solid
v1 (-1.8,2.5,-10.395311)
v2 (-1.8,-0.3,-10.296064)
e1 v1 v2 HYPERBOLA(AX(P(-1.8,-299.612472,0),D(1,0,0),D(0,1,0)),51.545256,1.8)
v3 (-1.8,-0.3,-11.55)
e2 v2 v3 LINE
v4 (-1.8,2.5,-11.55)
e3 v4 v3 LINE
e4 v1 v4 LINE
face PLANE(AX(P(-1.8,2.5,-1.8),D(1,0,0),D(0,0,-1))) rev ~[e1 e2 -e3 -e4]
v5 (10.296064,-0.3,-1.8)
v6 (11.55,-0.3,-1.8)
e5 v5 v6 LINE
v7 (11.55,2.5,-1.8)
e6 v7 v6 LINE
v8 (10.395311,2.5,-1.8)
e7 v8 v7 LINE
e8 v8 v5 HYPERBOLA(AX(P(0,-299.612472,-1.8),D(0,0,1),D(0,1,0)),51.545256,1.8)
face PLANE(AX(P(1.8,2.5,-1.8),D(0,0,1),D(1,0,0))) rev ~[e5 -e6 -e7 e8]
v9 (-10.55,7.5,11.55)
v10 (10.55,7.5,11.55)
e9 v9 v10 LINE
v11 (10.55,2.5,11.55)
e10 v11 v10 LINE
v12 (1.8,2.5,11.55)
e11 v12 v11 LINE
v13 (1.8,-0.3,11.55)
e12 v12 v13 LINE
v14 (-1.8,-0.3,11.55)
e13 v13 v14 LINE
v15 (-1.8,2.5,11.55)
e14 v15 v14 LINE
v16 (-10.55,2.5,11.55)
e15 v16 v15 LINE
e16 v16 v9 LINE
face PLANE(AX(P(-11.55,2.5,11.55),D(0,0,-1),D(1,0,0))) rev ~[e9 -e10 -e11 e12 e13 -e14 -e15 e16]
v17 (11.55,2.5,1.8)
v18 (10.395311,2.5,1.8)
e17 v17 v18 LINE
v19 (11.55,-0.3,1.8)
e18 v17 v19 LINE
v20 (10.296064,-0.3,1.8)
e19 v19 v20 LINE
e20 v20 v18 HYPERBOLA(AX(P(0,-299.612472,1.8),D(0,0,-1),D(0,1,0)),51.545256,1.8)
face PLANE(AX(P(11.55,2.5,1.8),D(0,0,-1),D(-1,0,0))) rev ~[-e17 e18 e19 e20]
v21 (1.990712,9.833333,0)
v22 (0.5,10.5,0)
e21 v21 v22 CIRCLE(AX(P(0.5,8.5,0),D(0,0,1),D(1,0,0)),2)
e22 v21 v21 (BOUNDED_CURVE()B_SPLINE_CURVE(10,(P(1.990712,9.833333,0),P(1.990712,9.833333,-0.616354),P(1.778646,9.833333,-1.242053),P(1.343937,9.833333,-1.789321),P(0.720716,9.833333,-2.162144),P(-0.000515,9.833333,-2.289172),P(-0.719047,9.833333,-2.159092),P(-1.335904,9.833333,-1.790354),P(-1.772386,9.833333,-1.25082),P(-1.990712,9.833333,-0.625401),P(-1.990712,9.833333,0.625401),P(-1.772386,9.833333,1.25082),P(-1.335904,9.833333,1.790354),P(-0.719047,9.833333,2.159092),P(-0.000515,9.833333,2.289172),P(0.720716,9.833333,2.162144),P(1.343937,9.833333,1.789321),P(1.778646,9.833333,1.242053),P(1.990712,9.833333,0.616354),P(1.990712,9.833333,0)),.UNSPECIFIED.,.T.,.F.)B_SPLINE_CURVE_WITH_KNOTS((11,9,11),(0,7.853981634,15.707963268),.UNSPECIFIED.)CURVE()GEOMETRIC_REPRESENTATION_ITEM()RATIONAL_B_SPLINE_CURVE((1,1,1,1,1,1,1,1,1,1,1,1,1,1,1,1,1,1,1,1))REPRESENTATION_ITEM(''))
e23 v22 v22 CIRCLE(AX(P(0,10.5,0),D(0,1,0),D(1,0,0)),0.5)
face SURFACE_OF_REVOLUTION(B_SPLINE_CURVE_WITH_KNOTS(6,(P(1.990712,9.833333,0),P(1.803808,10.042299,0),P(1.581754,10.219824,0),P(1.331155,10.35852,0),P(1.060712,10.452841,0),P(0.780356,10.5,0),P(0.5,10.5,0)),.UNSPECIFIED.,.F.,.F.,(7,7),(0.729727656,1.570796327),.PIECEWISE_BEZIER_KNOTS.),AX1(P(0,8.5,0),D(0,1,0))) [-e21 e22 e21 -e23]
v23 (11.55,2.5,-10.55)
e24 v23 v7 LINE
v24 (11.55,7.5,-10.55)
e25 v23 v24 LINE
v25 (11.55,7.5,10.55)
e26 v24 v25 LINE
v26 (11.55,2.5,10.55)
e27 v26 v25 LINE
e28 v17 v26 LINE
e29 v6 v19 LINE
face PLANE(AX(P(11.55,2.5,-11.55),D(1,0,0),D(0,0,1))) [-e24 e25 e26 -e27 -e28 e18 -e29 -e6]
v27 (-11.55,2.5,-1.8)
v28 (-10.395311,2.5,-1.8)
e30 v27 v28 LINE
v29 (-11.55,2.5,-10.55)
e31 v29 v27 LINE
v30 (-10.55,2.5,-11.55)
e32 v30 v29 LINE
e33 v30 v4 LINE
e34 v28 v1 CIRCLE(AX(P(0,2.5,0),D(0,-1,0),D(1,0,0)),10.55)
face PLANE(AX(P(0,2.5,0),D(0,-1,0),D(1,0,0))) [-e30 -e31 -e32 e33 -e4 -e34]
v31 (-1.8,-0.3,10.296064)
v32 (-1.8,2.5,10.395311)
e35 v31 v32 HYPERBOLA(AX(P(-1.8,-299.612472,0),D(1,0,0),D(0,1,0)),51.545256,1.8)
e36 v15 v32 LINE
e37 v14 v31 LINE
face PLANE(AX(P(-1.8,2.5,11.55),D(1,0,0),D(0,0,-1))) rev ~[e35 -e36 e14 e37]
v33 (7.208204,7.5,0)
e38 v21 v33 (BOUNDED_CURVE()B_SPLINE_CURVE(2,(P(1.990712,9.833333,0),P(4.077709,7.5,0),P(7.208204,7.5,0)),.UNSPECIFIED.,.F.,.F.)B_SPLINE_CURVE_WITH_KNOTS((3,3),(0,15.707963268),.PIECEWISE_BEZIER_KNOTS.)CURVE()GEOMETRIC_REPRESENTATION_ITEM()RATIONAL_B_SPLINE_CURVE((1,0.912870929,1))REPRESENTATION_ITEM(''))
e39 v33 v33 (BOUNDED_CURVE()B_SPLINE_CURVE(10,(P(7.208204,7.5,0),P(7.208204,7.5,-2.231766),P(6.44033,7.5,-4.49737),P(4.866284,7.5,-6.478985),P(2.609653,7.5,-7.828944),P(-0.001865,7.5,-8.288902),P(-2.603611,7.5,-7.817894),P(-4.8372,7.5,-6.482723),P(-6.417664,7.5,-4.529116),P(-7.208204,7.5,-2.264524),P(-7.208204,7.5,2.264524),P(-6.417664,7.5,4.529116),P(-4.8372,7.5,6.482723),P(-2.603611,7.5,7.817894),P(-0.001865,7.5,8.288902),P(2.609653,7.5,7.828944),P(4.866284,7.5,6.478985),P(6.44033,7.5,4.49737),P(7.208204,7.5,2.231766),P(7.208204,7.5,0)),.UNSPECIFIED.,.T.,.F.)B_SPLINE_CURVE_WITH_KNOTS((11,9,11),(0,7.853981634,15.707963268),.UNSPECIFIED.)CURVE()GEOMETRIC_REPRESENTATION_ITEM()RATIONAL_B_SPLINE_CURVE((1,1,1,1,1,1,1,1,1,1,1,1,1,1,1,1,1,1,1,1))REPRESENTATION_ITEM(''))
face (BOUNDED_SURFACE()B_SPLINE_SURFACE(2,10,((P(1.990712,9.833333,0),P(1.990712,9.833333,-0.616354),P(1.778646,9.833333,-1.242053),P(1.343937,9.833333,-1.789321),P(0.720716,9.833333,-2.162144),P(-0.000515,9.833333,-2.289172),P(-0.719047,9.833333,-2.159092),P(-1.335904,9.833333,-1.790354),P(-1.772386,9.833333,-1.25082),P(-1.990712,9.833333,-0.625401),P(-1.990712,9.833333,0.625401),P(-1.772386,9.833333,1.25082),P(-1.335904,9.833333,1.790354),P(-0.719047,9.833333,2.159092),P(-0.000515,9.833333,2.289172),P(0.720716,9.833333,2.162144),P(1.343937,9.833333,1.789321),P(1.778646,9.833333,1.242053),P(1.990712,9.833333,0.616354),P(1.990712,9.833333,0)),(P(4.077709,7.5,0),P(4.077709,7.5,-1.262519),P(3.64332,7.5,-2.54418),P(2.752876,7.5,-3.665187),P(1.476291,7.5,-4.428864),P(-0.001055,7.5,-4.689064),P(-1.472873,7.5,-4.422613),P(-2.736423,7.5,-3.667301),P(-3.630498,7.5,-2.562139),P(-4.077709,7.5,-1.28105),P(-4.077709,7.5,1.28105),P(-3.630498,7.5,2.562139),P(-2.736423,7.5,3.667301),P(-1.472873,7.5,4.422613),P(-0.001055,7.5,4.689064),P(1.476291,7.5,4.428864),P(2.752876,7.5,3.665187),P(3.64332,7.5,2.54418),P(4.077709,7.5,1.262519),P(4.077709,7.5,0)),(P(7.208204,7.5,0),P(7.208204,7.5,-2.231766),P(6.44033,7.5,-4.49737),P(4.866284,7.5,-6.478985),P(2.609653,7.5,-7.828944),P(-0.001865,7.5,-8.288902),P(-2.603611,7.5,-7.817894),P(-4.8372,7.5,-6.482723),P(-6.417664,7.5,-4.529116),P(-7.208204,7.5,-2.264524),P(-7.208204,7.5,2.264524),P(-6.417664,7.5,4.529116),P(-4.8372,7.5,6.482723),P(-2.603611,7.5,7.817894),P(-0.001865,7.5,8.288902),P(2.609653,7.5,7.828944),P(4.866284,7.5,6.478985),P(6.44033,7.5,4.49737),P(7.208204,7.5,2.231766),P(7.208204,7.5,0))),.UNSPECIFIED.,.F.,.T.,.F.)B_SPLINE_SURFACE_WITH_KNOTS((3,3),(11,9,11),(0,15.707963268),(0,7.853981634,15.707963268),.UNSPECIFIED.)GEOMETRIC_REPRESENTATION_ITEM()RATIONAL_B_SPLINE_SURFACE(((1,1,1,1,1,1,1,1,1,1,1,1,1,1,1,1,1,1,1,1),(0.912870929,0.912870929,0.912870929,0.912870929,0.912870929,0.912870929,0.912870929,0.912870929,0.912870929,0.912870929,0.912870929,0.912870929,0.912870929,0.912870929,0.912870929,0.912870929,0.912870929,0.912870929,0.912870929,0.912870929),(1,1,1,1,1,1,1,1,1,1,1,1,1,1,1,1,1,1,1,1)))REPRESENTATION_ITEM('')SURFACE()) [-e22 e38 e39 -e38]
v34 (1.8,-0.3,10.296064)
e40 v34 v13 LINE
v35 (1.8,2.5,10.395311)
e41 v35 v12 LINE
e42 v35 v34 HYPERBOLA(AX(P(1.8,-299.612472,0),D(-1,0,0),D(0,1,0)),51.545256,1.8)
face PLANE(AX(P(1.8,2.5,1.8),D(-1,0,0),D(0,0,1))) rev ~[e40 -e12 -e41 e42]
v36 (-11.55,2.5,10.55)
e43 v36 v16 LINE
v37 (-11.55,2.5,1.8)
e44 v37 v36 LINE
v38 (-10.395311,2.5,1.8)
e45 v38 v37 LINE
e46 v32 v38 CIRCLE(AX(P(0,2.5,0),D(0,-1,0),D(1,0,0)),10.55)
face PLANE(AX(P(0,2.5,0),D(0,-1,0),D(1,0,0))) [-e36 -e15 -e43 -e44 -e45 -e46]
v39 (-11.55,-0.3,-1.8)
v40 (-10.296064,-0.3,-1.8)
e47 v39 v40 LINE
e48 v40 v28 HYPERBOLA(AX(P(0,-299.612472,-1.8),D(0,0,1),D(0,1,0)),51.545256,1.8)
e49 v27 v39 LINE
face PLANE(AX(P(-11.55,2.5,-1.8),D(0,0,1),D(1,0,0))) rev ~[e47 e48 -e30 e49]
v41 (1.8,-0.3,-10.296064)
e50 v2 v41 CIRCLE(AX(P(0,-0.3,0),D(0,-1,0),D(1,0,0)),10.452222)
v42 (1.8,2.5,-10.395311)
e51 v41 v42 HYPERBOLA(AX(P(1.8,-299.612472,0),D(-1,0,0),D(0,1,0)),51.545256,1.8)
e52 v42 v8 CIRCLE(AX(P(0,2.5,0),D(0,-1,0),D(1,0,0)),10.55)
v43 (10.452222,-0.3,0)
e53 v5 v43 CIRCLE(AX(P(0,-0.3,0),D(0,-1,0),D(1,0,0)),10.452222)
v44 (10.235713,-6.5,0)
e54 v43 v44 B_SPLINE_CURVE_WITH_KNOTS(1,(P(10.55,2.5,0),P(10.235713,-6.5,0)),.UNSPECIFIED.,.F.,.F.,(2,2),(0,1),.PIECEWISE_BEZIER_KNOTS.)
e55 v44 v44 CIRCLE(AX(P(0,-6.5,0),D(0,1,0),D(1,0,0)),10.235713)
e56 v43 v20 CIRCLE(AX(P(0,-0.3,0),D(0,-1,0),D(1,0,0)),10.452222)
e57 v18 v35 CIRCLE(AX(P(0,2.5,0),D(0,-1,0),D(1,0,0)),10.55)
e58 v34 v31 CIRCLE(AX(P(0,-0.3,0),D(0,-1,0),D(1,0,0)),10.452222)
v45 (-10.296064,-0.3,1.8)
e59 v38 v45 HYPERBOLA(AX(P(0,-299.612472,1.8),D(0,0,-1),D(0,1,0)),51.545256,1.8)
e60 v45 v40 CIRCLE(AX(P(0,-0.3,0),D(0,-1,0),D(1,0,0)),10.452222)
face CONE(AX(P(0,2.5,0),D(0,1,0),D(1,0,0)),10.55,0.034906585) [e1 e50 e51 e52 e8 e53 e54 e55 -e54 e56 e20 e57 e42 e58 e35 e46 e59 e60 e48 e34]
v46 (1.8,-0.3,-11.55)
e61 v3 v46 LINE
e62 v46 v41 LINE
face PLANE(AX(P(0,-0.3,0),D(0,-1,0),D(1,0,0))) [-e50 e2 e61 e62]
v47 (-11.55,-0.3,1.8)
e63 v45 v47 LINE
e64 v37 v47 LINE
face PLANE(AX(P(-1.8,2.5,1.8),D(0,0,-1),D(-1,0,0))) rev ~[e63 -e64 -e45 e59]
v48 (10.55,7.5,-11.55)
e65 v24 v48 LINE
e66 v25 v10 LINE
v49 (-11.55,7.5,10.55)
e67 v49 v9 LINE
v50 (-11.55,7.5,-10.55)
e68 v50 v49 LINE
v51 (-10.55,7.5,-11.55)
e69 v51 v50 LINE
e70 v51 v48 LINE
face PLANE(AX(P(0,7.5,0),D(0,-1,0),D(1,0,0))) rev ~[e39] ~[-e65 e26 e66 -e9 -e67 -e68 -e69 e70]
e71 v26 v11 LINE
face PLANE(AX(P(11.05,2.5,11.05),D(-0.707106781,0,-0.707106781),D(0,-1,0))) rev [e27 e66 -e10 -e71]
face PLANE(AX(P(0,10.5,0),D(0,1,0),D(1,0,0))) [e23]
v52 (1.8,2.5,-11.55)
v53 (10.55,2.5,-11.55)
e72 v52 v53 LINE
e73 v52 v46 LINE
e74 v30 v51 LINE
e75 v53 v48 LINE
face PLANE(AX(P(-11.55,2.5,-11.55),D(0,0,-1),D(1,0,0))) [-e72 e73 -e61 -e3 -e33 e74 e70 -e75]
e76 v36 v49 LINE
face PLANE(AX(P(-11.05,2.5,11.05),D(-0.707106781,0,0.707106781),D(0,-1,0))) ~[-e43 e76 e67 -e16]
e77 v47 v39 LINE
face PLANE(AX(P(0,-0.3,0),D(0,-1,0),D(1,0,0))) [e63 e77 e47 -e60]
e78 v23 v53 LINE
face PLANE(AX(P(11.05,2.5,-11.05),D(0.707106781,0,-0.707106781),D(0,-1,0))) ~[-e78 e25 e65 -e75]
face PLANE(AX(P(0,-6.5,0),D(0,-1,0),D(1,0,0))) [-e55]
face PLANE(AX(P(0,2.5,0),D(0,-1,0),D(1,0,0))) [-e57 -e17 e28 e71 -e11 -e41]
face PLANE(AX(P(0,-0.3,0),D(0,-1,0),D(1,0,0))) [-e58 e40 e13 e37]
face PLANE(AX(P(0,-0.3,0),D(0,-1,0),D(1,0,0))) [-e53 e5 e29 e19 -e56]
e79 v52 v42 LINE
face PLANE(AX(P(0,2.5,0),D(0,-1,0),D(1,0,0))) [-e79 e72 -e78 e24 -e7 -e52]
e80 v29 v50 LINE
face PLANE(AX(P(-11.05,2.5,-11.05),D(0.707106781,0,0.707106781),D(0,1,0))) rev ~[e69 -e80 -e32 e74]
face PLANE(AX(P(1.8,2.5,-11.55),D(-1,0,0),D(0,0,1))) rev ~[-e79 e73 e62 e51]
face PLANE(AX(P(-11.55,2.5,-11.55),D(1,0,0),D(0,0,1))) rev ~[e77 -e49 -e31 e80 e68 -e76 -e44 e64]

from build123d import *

# Parameters (mm, degrees)
PAD011_DEPTH    = 2.8
SKETCH021_W     = 23.1
SKETCH021_H     = 23.1
PAD012_DEPTH    = 5
SKETCH023_R     = 2.5
PAD013_DEPTH    = 3
FILLET_R        = 2
FILLET001_R     = 7
SKETCH025_R     = 10.55
PAD014_DEPTH    = 9
PAD014_TAPER    = 2
CHAMFER006_SIZE = 1


with BuildPart() as part:
    # Sketch020 → Pad011 (new body)
    with BuildSketch(Plane.XZ):
        Polygon((-1.8, 11.55), (-1.8, 1.8), (-11.55, 1.8), (-11.55, -1.8), (-1.8, -1.8), (-1.8, -11.55), (1.8, -11.55), (1.8, -1.8), (11.55, -1.8), (11.55, 1.8), (1.8, 1.8), (1.8, 11.55), align=None)
    extrude(amount=PAD011_DEPTH)

    # Sketch021 → Pad012 (join)
    with BuildSketch(Plane.XZ):
        Rectangle(SKETCH021_W, SKETCH021_H)
    extrude(amount=-PAD012_DEPTH)

    # Sketch023 (on Face7 of Pad012) → Pad013 (join)
    with BuildSketch(Plane(origin=(0, 5, 0), x_dir=(1, 0, 0), z_dir=(0, 1, 0))):
        Circle(SKETCH023_R)
    extrude(amount=PAD013_DEPTH)

    # Fillet
    fillet_edges = [part.edges().sort_by_distance(p)[0] for p in [
        (-2.5, 8, 0),
    ]]
    fillet(fillet_edges, radius=FILLET_R)

    # Fillet001
    fillet001_edges = [part.edges().sort_by_distance(p)[0] for p in [
        (-2.5, 5, 0),
    ]]
    fillet(fillet001_edges, radius=FILLET001_R)

    # Sketch025 → Pad014 (join)
    with BuildSketch(Plane.XZ):
        Circle(SKETCH025_R)
    extrude(amount=PAD014_DEPTH, taper=PAD014_TAPER)

    # Chamfer006
    chamfer006_edges = [part.edges().sort_by_distance(p)[0] for p in [
        (-11.55, 2.5, 11.55),
        (-11.55, 2.5, -11.55),
        (11.55, 2.5, 11.55),
        (11.55, 2.5, -11.55),
    ]]
    chamfer(chamfer006_edges, length=CHAMFER006_SIZE)


with BuildPart() as part_1:
    # Body012 placement: moved
    add(part.part.moved(Location((0, 2.5, 0))))


solid = part_1.part
